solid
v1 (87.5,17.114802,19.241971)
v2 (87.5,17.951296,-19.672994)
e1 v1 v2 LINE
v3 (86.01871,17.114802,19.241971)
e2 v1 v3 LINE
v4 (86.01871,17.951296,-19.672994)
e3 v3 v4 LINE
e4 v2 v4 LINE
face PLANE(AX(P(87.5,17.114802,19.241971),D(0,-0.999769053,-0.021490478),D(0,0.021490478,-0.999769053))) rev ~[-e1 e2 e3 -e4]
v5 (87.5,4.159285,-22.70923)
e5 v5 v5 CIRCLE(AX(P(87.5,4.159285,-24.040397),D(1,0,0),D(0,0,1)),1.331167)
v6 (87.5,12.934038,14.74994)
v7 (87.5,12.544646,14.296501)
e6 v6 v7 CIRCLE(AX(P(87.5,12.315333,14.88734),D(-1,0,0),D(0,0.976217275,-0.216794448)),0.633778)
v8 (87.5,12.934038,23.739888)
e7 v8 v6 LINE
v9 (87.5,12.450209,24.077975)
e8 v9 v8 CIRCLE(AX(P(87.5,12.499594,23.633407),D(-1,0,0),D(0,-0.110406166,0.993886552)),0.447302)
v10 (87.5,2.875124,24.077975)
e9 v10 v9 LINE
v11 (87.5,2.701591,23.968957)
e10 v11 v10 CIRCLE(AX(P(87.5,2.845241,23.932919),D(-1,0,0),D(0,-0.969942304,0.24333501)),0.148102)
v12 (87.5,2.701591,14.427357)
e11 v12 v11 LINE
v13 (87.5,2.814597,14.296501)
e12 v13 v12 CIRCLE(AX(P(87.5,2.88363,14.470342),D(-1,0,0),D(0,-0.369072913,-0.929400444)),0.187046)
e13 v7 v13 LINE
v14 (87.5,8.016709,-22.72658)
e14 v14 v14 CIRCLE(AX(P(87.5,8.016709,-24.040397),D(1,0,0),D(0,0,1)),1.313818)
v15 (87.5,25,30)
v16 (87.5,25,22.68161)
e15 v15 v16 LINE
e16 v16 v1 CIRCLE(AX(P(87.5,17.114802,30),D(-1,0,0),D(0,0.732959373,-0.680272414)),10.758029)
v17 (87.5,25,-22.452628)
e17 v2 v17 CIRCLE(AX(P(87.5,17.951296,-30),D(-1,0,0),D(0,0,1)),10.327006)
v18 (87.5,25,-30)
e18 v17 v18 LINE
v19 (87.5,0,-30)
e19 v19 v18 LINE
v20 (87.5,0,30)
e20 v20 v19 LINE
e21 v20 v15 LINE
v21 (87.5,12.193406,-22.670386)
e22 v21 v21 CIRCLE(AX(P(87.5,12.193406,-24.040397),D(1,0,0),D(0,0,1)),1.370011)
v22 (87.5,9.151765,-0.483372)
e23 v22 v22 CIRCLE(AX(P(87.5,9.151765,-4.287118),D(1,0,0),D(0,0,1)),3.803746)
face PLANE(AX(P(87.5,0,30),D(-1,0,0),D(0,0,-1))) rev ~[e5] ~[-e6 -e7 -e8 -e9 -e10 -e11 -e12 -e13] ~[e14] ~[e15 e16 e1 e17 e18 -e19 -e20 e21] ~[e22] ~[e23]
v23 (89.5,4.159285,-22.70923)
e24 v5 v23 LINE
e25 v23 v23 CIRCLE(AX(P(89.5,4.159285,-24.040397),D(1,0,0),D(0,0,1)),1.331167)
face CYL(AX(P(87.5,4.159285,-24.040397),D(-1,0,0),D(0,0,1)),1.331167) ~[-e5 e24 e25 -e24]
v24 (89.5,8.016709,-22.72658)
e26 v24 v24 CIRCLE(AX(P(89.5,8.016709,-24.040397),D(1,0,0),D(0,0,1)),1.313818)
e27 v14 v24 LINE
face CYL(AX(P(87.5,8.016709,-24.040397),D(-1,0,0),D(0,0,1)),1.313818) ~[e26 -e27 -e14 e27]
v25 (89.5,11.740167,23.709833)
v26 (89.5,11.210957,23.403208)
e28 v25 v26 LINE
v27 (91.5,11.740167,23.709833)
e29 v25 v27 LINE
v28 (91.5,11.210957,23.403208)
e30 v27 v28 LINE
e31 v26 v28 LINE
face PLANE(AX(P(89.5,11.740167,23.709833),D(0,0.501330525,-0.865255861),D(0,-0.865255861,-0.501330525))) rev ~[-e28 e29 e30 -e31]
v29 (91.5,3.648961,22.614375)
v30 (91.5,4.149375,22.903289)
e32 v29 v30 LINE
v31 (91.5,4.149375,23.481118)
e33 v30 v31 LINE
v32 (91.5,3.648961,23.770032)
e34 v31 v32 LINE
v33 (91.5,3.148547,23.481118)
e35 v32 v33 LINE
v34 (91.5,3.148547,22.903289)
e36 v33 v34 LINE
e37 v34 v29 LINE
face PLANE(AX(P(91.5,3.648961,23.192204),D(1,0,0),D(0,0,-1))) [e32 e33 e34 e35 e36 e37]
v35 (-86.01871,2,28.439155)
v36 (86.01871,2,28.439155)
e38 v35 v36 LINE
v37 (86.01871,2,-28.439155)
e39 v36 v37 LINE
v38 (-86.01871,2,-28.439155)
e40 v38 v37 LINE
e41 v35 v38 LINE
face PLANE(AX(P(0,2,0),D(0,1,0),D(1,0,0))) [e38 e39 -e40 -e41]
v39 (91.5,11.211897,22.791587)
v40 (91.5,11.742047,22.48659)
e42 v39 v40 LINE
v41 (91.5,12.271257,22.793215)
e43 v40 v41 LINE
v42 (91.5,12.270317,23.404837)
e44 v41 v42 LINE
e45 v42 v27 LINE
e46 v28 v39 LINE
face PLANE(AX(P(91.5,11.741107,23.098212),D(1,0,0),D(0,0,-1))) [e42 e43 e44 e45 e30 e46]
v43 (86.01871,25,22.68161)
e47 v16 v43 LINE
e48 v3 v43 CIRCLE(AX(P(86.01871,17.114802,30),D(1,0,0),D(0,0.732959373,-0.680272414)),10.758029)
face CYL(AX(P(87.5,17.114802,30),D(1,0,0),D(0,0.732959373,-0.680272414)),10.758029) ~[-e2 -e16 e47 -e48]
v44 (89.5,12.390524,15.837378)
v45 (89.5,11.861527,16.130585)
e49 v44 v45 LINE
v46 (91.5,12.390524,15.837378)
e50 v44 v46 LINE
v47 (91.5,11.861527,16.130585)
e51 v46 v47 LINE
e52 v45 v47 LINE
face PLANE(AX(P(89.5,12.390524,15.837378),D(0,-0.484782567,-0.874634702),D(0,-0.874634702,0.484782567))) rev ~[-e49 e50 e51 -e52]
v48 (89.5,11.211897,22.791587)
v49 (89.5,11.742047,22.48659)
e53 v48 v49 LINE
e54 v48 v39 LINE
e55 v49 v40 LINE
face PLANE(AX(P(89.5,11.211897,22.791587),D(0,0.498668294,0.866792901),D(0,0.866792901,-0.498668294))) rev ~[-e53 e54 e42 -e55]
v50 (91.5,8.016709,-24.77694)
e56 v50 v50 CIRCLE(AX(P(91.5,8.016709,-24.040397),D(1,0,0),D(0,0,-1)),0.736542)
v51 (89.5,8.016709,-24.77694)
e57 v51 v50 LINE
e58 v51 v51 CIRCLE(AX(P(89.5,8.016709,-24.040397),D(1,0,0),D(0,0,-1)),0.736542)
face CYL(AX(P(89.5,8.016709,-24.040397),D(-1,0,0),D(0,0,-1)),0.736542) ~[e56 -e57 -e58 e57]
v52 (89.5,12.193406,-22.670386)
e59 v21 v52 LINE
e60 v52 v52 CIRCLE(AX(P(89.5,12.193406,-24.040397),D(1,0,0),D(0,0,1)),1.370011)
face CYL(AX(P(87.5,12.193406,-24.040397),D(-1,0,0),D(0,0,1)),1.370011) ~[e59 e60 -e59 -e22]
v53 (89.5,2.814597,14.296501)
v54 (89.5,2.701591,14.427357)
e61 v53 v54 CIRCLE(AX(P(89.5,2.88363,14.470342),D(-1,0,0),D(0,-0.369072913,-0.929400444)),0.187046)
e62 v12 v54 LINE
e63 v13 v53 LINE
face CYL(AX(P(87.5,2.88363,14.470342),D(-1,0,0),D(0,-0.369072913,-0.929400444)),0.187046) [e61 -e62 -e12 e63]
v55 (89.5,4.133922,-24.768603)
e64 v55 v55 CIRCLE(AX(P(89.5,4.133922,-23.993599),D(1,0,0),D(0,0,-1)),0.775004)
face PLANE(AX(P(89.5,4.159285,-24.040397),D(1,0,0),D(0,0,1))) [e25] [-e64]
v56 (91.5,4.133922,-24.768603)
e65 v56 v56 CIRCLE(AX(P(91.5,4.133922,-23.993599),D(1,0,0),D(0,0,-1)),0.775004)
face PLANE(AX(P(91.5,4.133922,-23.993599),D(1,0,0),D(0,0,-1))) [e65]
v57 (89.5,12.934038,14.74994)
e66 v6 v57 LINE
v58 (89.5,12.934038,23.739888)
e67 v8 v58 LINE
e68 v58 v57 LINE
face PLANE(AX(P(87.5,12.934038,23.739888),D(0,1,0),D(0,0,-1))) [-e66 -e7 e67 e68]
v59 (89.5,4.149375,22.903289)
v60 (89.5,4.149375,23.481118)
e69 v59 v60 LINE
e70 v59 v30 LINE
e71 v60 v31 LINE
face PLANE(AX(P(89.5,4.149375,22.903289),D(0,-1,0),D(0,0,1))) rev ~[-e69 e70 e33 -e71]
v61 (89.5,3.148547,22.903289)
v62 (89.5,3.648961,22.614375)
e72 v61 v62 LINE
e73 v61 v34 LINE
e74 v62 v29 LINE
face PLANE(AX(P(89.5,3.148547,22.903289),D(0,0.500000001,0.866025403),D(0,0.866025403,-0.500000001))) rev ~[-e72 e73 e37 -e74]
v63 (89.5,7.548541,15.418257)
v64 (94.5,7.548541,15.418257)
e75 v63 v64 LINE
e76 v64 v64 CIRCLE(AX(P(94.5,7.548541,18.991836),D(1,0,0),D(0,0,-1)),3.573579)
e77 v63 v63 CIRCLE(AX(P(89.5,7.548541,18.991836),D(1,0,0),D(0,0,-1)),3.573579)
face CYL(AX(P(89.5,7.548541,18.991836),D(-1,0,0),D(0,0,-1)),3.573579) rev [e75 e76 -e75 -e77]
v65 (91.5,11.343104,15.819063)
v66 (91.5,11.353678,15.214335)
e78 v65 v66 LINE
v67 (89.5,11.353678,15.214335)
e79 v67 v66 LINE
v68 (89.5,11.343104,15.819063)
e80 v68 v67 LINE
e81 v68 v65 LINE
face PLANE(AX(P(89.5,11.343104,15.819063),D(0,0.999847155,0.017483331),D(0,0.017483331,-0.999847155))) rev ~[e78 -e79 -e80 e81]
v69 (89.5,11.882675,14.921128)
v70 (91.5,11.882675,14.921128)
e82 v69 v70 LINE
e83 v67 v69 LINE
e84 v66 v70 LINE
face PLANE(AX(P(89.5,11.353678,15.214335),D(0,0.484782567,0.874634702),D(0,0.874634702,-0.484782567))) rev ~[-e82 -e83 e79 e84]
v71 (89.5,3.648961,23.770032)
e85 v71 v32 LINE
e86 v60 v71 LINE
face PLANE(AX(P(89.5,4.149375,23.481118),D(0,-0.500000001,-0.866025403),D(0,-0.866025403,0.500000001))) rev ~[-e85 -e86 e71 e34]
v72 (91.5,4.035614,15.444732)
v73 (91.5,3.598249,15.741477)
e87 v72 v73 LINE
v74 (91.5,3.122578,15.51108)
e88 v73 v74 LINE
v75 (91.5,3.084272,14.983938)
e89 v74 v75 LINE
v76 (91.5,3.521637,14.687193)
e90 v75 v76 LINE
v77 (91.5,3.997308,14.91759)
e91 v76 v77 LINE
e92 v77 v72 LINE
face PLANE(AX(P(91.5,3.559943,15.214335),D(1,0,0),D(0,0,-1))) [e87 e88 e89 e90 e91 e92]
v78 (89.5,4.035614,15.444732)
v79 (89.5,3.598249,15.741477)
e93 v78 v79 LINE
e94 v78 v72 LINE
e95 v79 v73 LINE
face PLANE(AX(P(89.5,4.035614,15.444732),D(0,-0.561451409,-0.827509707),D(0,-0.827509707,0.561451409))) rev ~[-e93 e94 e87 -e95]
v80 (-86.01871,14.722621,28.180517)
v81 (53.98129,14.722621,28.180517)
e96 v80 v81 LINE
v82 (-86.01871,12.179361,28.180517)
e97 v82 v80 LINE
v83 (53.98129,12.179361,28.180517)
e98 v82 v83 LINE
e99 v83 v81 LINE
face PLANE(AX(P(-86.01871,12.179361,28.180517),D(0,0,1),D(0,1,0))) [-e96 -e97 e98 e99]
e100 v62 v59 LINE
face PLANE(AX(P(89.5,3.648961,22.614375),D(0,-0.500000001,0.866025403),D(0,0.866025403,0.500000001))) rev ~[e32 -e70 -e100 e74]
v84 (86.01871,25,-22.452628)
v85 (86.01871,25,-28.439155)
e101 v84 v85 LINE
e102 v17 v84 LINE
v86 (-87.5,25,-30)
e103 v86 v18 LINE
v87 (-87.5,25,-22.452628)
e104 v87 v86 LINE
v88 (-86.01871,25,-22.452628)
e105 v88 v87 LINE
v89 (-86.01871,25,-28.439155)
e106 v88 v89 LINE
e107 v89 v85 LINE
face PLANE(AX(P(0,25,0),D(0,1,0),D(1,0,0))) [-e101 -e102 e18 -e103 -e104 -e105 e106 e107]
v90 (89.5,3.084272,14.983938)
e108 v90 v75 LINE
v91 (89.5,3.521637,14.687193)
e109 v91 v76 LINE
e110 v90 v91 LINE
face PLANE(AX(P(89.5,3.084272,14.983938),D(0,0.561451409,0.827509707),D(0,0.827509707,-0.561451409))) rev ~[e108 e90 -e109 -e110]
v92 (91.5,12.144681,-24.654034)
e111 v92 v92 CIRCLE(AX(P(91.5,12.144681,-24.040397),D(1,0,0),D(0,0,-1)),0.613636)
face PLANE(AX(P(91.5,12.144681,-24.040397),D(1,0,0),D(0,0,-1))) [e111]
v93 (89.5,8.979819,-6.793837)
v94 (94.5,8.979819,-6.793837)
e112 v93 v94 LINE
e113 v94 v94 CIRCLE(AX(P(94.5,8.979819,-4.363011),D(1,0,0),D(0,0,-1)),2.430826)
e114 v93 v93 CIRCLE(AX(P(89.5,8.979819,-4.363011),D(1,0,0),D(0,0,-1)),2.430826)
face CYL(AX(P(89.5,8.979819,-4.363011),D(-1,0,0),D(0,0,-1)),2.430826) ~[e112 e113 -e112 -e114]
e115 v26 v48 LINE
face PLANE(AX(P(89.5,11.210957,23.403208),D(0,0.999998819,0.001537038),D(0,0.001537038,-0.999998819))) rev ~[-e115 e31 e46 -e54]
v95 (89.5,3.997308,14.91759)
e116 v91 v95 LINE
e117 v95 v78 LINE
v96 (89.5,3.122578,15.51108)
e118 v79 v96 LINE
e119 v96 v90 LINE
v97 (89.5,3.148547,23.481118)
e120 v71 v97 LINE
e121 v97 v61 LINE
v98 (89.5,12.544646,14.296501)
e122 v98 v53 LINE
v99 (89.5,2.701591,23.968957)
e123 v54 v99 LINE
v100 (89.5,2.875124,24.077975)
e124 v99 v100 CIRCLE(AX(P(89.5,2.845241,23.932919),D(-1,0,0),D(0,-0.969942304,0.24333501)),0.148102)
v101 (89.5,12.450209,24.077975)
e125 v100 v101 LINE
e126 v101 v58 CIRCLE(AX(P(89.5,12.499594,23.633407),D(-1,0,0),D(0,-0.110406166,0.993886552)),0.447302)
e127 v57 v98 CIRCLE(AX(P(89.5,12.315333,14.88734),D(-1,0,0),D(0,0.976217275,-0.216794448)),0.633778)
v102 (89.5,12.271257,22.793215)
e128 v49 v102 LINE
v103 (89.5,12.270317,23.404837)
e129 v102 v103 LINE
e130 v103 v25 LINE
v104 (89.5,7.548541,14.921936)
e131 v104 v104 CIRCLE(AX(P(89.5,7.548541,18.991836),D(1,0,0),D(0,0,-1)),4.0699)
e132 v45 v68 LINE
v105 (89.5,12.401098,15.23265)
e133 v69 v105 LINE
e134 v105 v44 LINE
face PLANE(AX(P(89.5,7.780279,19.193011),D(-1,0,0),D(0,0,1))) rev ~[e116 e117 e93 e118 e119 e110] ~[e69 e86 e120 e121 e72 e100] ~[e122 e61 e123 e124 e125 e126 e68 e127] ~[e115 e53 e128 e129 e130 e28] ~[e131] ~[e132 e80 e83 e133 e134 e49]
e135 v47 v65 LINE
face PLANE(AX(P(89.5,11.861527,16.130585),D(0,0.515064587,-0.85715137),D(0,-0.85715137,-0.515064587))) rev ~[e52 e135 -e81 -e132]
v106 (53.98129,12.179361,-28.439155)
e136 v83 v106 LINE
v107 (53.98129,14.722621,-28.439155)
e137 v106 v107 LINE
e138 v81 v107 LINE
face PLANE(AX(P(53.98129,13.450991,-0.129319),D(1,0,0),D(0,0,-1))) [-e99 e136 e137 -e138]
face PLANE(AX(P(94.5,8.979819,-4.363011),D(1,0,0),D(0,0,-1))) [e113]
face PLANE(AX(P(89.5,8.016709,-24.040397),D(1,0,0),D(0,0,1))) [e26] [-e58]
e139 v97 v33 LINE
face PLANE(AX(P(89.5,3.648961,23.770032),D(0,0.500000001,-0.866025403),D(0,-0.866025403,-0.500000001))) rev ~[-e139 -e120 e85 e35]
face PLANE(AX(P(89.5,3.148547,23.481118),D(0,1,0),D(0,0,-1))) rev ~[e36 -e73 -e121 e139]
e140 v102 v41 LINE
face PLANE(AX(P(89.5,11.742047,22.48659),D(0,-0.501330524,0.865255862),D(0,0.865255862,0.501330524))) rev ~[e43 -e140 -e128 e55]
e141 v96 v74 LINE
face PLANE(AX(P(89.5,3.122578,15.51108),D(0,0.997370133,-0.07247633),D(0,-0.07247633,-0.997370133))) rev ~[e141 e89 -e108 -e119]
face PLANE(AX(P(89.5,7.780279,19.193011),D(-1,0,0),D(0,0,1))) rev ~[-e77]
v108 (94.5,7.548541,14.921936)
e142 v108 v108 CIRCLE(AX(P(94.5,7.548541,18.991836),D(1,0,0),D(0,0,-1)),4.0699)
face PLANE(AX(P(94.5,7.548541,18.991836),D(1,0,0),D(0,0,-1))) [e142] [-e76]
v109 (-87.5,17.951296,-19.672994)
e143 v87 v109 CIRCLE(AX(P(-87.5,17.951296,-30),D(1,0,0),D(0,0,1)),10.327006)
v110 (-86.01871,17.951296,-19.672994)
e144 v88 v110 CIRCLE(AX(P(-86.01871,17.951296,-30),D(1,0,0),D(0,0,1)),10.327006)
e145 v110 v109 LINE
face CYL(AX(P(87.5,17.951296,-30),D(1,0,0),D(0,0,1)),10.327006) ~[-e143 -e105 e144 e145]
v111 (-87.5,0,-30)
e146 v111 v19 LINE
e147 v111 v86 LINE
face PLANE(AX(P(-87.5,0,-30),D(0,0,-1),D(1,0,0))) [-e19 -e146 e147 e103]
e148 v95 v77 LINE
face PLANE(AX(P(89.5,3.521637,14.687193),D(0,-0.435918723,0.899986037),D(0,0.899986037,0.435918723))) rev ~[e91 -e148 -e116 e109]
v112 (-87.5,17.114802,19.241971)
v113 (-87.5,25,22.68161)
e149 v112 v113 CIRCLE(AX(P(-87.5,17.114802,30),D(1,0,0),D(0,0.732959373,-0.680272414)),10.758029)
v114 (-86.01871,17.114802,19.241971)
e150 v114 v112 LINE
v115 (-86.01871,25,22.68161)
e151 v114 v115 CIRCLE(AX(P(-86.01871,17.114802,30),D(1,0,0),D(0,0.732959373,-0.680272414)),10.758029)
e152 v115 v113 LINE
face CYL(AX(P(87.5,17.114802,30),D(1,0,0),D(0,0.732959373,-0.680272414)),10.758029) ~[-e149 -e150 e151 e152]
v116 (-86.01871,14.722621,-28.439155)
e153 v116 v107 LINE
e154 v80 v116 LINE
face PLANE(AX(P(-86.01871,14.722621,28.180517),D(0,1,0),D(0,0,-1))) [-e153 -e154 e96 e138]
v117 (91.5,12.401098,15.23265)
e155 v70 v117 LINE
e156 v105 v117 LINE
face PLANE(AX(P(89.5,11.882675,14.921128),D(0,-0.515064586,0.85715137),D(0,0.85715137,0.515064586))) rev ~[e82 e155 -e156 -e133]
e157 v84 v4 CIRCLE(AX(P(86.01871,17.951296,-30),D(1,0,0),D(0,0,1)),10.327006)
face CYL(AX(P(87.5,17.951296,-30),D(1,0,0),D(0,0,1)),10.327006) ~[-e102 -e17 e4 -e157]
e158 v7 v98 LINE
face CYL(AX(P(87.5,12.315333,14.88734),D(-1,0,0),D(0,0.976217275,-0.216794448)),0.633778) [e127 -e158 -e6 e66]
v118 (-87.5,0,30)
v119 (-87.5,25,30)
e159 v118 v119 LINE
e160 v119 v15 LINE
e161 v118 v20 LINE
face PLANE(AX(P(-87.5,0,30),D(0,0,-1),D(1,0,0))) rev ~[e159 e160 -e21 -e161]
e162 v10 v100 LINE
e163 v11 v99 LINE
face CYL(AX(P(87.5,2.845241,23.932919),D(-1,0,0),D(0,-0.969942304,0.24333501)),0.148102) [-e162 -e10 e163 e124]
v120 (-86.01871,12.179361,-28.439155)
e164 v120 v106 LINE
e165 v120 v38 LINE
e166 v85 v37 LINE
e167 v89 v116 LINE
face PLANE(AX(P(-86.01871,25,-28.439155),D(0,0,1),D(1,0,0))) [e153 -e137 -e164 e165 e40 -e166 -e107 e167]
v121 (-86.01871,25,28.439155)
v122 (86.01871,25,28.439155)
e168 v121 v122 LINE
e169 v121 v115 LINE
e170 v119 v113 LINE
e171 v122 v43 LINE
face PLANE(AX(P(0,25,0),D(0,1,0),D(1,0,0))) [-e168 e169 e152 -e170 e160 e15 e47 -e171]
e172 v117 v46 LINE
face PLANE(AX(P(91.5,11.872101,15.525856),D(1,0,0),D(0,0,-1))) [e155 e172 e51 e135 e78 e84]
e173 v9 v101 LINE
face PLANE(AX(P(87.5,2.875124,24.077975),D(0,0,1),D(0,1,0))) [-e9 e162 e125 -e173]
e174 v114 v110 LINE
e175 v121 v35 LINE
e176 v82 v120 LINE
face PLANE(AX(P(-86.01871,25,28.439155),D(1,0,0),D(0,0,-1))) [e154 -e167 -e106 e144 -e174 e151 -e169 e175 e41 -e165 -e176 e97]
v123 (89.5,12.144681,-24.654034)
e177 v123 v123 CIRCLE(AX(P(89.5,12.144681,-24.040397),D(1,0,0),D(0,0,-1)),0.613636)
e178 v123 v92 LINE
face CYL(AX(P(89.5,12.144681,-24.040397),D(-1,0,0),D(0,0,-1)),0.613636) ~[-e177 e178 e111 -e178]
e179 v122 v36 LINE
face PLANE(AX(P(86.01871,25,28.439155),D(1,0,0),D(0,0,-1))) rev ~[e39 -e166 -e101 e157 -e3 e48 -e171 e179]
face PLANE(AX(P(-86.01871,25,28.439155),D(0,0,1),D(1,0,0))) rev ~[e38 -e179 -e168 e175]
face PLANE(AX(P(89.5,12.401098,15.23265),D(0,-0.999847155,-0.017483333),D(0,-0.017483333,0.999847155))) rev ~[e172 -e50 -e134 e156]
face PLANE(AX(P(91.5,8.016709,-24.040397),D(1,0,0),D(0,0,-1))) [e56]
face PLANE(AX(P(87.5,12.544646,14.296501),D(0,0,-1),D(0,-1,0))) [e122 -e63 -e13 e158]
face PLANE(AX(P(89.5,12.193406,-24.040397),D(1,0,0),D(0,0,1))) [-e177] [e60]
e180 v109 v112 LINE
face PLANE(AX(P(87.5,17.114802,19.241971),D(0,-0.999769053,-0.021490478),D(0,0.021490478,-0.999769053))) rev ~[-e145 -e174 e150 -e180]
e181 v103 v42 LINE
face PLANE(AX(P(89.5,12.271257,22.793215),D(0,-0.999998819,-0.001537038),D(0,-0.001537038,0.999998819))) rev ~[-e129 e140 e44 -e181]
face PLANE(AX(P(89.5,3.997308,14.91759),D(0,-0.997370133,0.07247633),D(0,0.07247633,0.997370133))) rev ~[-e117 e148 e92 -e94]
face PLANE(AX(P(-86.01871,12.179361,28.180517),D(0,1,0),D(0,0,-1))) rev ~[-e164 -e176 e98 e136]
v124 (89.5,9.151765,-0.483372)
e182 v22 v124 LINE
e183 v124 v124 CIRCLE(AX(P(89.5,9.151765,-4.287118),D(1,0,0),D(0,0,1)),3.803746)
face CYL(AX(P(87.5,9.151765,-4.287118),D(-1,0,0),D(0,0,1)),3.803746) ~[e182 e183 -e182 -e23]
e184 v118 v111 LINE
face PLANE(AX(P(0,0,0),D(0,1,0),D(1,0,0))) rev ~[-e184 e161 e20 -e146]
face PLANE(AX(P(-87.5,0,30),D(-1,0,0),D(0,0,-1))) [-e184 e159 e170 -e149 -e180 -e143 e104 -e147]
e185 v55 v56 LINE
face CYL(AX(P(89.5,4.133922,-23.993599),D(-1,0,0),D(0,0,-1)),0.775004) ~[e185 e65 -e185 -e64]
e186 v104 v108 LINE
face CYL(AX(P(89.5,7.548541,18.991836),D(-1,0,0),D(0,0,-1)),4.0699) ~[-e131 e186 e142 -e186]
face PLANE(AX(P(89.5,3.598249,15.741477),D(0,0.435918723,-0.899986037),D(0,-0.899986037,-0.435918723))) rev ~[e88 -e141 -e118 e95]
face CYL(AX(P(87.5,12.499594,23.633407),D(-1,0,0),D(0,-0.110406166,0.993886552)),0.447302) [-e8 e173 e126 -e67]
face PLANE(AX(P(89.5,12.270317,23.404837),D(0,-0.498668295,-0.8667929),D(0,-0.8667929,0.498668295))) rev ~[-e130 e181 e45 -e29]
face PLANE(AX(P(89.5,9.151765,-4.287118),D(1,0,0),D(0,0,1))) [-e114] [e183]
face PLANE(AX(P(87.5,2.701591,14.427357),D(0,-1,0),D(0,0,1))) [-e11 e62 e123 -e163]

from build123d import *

# Parameters (mm, degrees)
SKETCH1_W            = 175
SKETCH1_H            = 60
BOSS_EXTRUDE1_DEPTH  = 25
SKETCH2_W            = 172.037419054
SKETCH2_H            = 56.878309912
CUT_EXTRUDE2_DEPTH   = 23
CUT_EXTRUDE4_DEPTH   = 180.30421077
SKETCH5_W            = 56.619672169
SKETCH5_H            = 2.543260903
BOSS_EXTRUDE2_DEPTH  = 140
BOSS_EXTRUDE3_DEPTH  = 2
SKETCH7_R            = 4.069899946
SKETCH7_R_2          = 3.573578561
BOSS_EXTRUDE4_DEPTH  = 5
BOSS_EXTRUDE6_DEPTH  = 2
SKETCH9_R            = 3.803746222
BOSS_EXTRUDE7_DEPTH  = 2
SKETCH10_R           = 2.430826278
BOSS_EXTRUDE8_DEPTH  = 5
SKETCH11_R           = 1.370011297
SKETCH11_R_2         = 1.313817757
SKETCH11_R_3         = 1.331167219
BOSS_EXTRUDE9_DEPTH  = 2
SKETCH12_R           = 0.613636394
SKETCH12_R_2         = 0.736542168
SKETCH12_R_3         = 0.775004172
BOSS_EXTRUDE10_DEPTH = 2


with BuildPart() as part:
    # Sketch1 → Boss-Extrude1 (new body)
    with BuildSketch(Plane(origin=(0, 0, 0), x_dir=(1, 0, 0), z_dir=(0, 1, 0))):
        Rectangle(SKETCH1_W, SKETCH1_H)
    extrude(amount=BOSS_EXTRUDE1_DEPTH)

    # Sketch2 → Cut-Extrude2 (cut)
    with BuildSketch(Plane(origin=(0, 25, 0), x_dir=(1, 0, 0), z_dir=(0, 1, 0))):
        Rectangle(SKETCH2_W, SKETCH2_H)
    extrude(amount=-CUT_EXTRUDE2_DEPTH, mode=Mode.SUBTRACT)

    # Sketch3 → Cut-Extrude4 (cut, through all)
    with BuildSketch(Plane(origin=(87.5, 0, 0), x_dir=(0, 0, -1), z_dir=(1, 0, 0))):
        with BuildLine():
            ThreePointArc((-22.681609782, 25), (-20.139304377, 21.416181436), (-19.241971202, 17.114801954))
            Line((-19.241971202, 17.114801954), (19.672994279, 17.951296347))
            ThreePointArc((19.672994279, 17.951296347), (20.393002527, 21.739785058), (22.452628009, 25))
            Line((22.452628009, 25), (-22.681609782, 25))
        make_face()
    extrude(amount=-CUT_EXTRUDE4_DEPTH, mode=Mode.SUBTRACT)

    # Sketch5 → Boss-Extrude2 (add)
    with BuildSketch(Plane(origin=(-86.018709527, 0, 0), x_dir=(0, 0, -1), z_dir=(1, 0, 0))):
        with Locations((0.129318872, 13.450991009)):
            Rectangle(SKETCH5_W, SKETCH5_H)
    extrude(amount=BOSS_EXTRUDE2_DEPTH)

    # Sketch6 → Boss-Extrude3 (add)
    with BuildSketch(Plane(origin=(87.5, 0, 0), x_dir=(0, 0, -1), z_dir=(1, 0, 0))):
        with BuildLine():
            Line((-23.739887735, 12.934037749), (-14.749940356, 12.934037749))
            ThreePointArc((-14.749940356, 12.934037749), (-14.474436425, 12.796150035), (-14.296501276, 12.544645521))
            Line((-14.296501276, 12.544645521), (-14.296501276, 2.814596709))
            ThreePointArc((-14.296501276, 2.814596709), (-14.348088202, 2.742066754), (-14.427356599, 2.701590504))
            Line((-14.427356599, 2.701590504), (-23.96895697, 2.701590504))
            ThreePointArc((-23.96895697, 2.701590504), (-24.058326953, 2.766456684), (-24.077974584, 2.875124001))
            Line((-24.077974584, 2.875124001), (-24.077974584, 12.450209245))
            ThreePointArc((-24.077974584, 12.450209245), (-24.000062189, 12.755803504), (-23.739887735, 12.934037749))
        make_face()
    extrude(amount=BOSS_EXTRUDE3_DEPTH)

    # Sketch7 → Boss-Extrude4 (add)
    with BuildSketch(Plane(origin=(89.5, 0, 0), x_dir=(0, 0, -1), z_dir=(1, 0, 0))):
        with Locations((-18.991835841, 7.548541402)):
            Circle(SKETCH7_R)
        with Locations((-18.991835841, 7.548541402)):
            Circle(SKETCH7_R_2, mode=Mode.SUBTRACT)
    extrude(amount=BOSS_EXTRUDE4_DEPTH)

    # Sketch8 → Boss-Extrude6 (add)
    with BuildSketch(Plane(origin=(89.5, 0, 0), x_dir=(0, 0, -1), z_dir=(1, 0, 0))):
        Polygon((-22.791586736, 11.211896935), (-22.48659006, 11.74204685), (-22.793215015, 12.271256677), (-23.404836647, 12.27031659), (-23.709833324, 11.740166675), (-23.403208368, 11.210956848), align=None)
        Polygon((-15.214334729, 11.35367817), (-14.921128157, 11.882675416), (-15.232649924, 12.40109838), (-15.837378264, 12.390524097), (-16.130584836, 11.861526851), (-15.819063069, 11.343103888), align=None)
        Polygon((-22.614375311, 3.648960977), (-22.903289414, 4.149374881), (-23.481117618, 4.149374881), (-23.770031721, 3.648960977), (-23.481117618, 3.148547073), (-22.903289414, 3.148547073), align=None)
        Polygon((-14.98393783, 3.084271685), (-14.687192917, 3.521636864), (-14.917589816, 3.997308087), (-15.444731629, 4.035614131), (-15.741476542, 3.598248952), (-15.511079643, 3.122577729), align=None)
    extrude(amount=BOSS_EXTRUDE6_DEPTH)

    # Sketch9 → Boss-Extrude7 (add)
    with BuildSketch(Plane(origin=(87.5, 0, 0), x_dir=(0, 0, -1), z_dir=(1, 0, 0))):
        with Locations(Location((4.287117765, 9.151764618, 0), (0, 0, 180))):
            Circle(SKETCH9_R)
    extrude(amount=BOSS_EXTRUDE7_DEPTH)

    # Sketch10 → Boss-Extrude8 (add)
    with BuildSketch(Plane(origin=(89.5, 0, 0), x_dir=(0, 0, -1), z_dir=(1, 0, 0))):
        with Locations((4.363010591, 8.979818711)):
            Circle(SKETCH10_R)
    extrude(amount=BOSS_EXTRUDE8_DEPTH)

    # Sketch11 → Boss-Extrude9 (add)
    with BuildSketch(Plane(origin=(87.5, 0, 0), x_dir=(0, 0, -1), z_dir=(1, 0, 0))):
        with Locations(Location((24.040397356, 12.193405529, 0), (0, 0, 180))):
            Circle(SKETCH11_R)
        with Locations(Location((24.040397356, 8.016708701, 0), (0, 0, 180))):
            Circle(SKETCH11_R_2)
        with Locations(Location((24.040397356, 4.159285121, 0), (0, 0, 180))):
            Circle(SKETCH11_R_3)
    extrude(amount=BOSS_EXTRUDE9_DEPTH)

    # Sketch12 → Boss-Extrude10 (add)
    with BuildSketch(Plane(origin=(89.5, 0, 0), x_dir=(0, 0, -1), z_dir=(1, 0, 0))):
        with Locations((24.040397356, 12.144680604)):
            Circle(SKETCH12_R)
        with Locations((24.040397356, 8.016708701)):
            Circle(SKETCH12_R_2)
        with Locations((23.993599031, 4.133922204)):
            Circle(SKETCH12_R_3)
    extrude(amount=BOSS_EXTRUDE10_DEPTH)


solid = part.part
